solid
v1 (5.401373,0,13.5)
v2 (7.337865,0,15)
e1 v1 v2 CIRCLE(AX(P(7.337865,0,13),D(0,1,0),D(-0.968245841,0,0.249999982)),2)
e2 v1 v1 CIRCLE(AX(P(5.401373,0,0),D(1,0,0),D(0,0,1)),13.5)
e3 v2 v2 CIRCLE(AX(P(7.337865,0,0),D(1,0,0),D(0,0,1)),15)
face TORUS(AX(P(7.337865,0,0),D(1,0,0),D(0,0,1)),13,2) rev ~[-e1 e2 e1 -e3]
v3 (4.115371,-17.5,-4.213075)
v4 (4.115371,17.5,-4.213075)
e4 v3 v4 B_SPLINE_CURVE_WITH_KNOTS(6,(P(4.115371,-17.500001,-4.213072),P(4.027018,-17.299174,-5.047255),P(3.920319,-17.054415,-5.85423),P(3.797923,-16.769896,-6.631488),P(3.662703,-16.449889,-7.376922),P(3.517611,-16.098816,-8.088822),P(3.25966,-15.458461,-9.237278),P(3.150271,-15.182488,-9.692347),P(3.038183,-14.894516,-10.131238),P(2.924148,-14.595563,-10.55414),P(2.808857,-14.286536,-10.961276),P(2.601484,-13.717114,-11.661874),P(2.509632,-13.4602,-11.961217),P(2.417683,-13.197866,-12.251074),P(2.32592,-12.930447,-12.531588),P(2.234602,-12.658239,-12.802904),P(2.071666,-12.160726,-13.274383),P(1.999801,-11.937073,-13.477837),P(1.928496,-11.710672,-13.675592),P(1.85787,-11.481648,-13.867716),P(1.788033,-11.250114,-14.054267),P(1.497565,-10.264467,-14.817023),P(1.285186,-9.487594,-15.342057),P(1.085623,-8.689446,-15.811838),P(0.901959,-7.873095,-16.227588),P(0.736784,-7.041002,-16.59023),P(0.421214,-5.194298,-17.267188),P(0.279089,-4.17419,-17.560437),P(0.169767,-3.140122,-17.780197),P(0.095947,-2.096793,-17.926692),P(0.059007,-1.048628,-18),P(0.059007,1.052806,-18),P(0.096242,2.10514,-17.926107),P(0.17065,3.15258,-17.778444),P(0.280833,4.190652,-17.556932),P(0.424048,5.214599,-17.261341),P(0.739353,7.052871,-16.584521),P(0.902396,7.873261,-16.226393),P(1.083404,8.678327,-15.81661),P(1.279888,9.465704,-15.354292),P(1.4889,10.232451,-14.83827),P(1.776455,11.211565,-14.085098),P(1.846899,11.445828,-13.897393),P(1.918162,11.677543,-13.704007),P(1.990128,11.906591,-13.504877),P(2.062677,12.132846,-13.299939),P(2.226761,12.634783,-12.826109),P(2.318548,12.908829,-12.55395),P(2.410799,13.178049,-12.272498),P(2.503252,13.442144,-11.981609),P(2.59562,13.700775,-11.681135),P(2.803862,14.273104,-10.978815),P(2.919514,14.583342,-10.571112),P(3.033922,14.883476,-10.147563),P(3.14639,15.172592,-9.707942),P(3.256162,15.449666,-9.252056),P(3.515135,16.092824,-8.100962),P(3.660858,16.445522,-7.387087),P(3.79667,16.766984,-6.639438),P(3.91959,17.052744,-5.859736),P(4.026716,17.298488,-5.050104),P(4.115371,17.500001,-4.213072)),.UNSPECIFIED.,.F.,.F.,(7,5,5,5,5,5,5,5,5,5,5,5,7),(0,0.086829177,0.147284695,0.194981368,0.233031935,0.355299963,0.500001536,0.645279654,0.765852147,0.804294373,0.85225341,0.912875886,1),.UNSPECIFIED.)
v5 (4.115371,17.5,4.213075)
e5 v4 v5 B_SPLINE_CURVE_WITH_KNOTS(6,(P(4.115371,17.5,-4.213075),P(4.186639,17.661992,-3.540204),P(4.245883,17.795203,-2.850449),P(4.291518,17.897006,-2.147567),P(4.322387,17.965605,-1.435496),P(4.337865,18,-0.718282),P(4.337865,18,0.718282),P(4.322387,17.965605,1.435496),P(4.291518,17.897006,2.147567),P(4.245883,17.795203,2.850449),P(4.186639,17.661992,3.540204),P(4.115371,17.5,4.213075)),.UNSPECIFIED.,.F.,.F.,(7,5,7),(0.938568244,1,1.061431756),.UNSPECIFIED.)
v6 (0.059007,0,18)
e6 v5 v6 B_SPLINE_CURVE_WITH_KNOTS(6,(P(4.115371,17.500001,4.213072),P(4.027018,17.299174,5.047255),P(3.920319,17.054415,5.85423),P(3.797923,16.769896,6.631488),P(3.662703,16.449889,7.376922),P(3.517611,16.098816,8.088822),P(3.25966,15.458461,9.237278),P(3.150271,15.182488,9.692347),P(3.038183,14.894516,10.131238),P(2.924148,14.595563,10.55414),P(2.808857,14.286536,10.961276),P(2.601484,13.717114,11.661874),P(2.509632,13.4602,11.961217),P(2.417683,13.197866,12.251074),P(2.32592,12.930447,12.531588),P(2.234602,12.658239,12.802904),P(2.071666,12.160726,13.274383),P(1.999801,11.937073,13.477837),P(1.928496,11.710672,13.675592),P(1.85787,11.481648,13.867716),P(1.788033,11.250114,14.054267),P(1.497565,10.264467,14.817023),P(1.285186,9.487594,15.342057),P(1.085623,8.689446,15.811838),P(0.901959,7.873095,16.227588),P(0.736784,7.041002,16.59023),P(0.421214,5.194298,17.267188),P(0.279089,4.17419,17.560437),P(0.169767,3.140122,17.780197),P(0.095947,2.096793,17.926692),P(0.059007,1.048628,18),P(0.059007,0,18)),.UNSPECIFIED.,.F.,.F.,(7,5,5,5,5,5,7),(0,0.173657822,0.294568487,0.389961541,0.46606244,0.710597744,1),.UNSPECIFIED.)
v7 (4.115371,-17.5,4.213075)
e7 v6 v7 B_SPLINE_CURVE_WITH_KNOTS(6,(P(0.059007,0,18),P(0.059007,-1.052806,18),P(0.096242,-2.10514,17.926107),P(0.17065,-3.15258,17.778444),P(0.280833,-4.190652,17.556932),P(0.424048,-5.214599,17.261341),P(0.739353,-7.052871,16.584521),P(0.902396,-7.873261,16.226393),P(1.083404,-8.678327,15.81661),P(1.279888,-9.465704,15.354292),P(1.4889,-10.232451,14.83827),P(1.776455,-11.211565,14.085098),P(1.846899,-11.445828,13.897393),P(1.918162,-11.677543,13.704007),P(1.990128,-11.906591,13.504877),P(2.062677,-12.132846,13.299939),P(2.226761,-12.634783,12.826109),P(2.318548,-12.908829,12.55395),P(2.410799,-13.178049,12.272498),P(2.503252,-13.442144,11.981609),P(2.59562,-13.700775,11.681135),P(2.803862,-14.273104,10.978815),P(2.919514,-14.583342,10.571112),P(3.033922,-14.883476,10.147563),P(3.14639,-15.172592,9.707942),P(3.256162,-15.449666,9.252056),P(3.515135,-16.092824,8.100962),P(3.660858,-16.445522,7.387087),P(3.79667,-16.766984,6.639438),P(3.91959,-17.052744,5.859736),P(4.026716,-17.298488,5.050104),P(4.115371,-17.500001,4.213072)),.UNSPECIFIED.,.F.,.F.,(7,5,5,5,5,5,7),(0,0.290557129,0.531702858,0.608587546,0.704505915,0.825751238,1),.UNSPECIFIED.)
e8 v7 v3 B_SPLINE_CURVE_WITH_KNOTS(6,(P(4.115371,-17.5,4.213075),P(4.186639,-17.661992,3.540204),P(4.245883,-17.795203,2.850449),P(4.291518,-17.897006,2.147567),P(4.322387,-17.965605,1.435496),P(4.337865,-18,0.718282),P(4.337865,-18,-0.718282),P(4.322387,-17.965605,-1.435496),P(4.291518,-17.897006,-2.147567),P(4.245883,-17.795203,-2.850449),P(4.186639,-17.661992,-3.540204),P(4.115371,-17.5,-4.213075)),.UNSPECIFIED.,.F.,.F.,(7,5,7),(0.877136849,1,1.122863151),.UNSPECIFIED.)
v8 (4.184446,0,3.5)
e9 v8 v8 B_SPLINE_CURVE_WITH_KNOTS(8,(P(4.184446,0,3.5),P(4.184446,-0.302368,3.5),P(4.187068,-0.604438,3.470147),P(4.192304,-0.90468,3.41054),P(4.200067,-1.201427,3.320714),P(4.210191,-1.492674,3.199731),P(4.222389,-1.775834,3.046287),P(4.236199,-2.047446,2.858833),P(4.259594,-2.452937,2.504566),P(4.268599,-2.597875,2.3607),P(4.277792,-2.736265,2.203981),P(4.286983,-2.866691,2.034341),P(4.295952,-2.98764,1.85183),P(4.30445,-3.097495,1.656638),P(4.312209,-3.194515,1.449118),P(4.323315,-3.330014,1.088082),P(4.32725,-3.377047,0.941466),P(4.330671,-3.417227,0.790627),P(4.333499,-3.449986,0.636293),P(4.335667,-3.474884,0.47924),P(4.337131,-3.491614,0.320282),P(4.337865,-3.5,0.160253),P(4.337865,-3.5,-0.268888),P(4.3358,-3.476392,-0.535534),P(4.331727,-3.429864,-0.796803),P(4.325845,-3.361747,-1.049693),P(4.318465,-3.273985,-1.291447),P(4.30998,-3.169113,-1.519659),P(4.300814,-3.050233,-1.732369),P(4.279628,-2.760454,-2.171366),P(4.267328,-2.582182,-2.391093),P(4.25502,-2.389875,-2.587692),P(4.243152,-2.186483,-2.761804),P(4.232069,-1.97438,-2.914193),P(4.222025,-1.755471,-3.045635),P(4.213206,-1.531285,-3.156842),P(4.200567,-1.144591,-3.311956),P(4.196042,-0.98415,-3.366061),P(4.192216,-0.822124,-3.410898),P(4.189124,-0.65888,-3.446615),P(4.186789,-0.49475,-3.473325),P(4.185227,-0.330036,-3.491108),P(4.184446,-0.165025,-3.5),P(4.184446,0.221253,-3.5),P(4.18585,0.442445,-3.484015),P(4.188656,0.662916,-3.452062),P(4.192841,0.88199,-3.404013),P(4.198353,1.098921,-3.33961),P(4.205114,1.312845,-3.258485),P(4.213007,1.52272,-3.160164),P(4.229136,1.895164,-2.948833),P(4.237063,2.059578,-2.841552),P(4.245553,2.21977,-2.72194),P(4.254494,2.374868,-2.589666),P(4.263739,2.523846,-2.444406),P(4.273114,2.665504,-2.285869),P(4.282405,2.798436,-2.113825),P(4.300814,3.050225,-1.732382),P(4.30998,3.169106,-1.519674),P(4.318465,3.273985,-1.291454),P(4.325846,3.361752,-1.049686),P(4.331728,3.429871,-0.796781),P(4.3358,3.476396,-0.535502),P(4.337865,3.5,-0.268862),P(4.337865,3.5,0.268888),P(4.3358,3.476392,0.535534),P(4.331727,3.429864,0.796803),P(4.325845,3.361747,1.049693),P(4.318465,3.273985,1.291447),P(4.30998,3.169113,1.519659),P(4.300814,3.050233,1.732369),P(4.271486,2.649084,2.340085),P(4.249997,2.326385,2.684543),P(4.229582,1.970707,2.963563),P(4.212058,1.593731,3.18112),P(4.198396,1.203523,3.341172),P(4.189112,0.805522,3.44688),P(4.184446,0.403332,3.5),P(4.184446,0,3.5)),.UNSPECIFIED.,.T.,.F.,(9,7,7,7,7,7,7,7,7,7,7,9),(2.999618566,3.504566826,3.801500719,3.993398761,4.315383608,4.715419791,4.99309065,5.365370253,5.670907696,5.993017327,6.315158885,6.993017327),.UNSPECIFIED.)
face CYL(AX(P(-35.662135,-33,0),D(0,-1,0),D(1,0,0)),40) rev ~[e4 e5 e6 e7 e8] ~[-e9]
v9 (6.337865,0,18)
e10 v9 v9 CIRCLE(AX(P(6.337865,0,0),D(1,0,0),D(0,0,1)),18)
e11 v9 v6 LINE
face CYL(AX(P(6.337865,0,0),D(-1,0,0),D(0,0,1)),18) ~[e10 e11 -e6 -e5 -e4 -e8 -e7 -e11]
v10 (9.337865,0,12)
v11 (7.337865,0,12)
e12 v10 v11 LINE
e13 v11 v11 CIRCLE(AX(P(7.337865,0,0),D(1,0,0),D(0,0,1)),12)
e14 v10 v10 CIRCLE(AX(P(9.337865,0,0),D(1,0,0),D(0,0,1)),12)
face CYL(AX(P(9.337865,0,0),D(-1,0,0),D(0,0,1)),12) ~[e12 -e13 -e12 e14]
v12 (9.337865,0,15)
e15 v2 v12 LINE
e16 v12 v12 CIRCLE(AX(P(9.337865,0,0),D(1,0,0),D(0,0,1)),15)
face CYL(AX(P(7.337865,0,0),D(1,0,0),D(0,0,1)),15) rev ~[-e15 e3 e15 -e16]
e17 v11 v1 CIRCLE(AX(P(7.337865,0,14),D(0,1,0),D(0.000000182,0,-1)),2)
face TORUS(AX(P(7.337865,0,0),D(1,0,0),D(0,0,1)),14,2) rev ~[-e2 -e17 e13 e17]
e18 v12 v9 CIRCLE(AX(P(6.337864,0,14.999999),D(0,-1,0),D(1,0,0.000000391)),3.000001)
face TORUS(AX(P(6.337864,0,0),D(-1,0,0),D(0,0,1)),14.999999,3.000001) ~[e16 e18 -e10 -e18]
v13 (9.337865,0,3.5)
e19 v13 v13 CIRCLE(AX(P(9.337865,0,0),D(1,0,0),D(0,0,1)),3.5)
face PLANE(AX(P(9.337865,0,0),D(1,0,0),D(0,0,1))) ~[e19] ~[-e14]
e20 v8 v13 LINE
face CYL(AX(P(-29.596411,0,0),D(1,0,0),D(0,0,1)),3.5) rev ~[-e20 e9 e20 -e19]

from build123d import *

# Parameters (mm, degrees)
F2_R      = 40
F3_DEPTH  = 17.5
F4_DEPTH  = 33
F4_FACE_R = 40
F5_DEPTH  = 80


with BuildPart() as f1:
    # F0 (on Front) → F1 (revolve)
    with BuildSketch(Plane.XZ):
        with BuildLine():
            Line((6.337865, 18), (-29.596411, 18))
            Line((-29.596411, 18), (-29.596411, 3.5))
            Line((-29.596411, 3.5), (-15.774649, 3.5))
            Line((-15.774649, 3.5), (9.337865, 3.5))
            Line((9.337865, 3.5), (9.337865, 12))
            Line((9.337865, 12), (7.337865, 12))
            ThreePointArc((7.337865, 12), (6.11312, 12.418861), (5.401373, 13.5))
            ThreePointArc((5.401373, 13.5), (6.11312, 14.581139), (7.337865, 15))
            Line((7.337865, 15), (9.337865, 15))
            ThreePointArc((9.337865, 15), (8.459185, 17.12132), (6.337865, 18))
        make_face()
        with BuildLine():
            ThreePointArc((5.337865, 14), (5.353806, 13.747991), (5.401373, 13.5))
            ThreePointArc((5.401373, 13.5), (5.353806, 13.252009), (5.337865, 13))
            Line((5.337865, 13), (5.337865, 14))
        make_face(mode=Mode.SUBTRACT)
        with BuildLine():
            ThreePointArc((5.337865, 13), (5.353806, 13.252009), (5.401373, 13.5))
            ThreePointArc((5.401373, 13.5), (5.353806, 13.747991), (5.337865, 14))
            Line((5.337865, 14), (5.337865, 13))
        make_face()
    revolve(axis=Axis((-3.107623, 0, 0), (1, 0, 0)))

    # F2 (on Front) → F3 (cut, symmetric)
    with BuildSketch(Plane.XZ):
        with Locations((-35.662135, 0)):
            Circle(F2_R)
    extrude(amount=F3_DEPTH, both=True, mode=Mode.SUBTRACT)

    # F2 (on Front) → F4 (join, symmetric)
    with BuildSketch(Plane.XZ):
        with Locations((-35.662135, 0)):
            Circle(F2_R)
    extrude(amount=F4_DEPTH, both=True)

    # F4_face (on face) → F5 (cut)
    with BuildSketch(Plane(origin=(-35.662135, -33, 0), x_dir=(1, 0, 0), z_dir=(0, -1, 0))):
        Circle(F4_FACE_R)
    extrude(amount=-F5_DEPTH, mode=Mode.SUBTRACT)


solid = f1.part
